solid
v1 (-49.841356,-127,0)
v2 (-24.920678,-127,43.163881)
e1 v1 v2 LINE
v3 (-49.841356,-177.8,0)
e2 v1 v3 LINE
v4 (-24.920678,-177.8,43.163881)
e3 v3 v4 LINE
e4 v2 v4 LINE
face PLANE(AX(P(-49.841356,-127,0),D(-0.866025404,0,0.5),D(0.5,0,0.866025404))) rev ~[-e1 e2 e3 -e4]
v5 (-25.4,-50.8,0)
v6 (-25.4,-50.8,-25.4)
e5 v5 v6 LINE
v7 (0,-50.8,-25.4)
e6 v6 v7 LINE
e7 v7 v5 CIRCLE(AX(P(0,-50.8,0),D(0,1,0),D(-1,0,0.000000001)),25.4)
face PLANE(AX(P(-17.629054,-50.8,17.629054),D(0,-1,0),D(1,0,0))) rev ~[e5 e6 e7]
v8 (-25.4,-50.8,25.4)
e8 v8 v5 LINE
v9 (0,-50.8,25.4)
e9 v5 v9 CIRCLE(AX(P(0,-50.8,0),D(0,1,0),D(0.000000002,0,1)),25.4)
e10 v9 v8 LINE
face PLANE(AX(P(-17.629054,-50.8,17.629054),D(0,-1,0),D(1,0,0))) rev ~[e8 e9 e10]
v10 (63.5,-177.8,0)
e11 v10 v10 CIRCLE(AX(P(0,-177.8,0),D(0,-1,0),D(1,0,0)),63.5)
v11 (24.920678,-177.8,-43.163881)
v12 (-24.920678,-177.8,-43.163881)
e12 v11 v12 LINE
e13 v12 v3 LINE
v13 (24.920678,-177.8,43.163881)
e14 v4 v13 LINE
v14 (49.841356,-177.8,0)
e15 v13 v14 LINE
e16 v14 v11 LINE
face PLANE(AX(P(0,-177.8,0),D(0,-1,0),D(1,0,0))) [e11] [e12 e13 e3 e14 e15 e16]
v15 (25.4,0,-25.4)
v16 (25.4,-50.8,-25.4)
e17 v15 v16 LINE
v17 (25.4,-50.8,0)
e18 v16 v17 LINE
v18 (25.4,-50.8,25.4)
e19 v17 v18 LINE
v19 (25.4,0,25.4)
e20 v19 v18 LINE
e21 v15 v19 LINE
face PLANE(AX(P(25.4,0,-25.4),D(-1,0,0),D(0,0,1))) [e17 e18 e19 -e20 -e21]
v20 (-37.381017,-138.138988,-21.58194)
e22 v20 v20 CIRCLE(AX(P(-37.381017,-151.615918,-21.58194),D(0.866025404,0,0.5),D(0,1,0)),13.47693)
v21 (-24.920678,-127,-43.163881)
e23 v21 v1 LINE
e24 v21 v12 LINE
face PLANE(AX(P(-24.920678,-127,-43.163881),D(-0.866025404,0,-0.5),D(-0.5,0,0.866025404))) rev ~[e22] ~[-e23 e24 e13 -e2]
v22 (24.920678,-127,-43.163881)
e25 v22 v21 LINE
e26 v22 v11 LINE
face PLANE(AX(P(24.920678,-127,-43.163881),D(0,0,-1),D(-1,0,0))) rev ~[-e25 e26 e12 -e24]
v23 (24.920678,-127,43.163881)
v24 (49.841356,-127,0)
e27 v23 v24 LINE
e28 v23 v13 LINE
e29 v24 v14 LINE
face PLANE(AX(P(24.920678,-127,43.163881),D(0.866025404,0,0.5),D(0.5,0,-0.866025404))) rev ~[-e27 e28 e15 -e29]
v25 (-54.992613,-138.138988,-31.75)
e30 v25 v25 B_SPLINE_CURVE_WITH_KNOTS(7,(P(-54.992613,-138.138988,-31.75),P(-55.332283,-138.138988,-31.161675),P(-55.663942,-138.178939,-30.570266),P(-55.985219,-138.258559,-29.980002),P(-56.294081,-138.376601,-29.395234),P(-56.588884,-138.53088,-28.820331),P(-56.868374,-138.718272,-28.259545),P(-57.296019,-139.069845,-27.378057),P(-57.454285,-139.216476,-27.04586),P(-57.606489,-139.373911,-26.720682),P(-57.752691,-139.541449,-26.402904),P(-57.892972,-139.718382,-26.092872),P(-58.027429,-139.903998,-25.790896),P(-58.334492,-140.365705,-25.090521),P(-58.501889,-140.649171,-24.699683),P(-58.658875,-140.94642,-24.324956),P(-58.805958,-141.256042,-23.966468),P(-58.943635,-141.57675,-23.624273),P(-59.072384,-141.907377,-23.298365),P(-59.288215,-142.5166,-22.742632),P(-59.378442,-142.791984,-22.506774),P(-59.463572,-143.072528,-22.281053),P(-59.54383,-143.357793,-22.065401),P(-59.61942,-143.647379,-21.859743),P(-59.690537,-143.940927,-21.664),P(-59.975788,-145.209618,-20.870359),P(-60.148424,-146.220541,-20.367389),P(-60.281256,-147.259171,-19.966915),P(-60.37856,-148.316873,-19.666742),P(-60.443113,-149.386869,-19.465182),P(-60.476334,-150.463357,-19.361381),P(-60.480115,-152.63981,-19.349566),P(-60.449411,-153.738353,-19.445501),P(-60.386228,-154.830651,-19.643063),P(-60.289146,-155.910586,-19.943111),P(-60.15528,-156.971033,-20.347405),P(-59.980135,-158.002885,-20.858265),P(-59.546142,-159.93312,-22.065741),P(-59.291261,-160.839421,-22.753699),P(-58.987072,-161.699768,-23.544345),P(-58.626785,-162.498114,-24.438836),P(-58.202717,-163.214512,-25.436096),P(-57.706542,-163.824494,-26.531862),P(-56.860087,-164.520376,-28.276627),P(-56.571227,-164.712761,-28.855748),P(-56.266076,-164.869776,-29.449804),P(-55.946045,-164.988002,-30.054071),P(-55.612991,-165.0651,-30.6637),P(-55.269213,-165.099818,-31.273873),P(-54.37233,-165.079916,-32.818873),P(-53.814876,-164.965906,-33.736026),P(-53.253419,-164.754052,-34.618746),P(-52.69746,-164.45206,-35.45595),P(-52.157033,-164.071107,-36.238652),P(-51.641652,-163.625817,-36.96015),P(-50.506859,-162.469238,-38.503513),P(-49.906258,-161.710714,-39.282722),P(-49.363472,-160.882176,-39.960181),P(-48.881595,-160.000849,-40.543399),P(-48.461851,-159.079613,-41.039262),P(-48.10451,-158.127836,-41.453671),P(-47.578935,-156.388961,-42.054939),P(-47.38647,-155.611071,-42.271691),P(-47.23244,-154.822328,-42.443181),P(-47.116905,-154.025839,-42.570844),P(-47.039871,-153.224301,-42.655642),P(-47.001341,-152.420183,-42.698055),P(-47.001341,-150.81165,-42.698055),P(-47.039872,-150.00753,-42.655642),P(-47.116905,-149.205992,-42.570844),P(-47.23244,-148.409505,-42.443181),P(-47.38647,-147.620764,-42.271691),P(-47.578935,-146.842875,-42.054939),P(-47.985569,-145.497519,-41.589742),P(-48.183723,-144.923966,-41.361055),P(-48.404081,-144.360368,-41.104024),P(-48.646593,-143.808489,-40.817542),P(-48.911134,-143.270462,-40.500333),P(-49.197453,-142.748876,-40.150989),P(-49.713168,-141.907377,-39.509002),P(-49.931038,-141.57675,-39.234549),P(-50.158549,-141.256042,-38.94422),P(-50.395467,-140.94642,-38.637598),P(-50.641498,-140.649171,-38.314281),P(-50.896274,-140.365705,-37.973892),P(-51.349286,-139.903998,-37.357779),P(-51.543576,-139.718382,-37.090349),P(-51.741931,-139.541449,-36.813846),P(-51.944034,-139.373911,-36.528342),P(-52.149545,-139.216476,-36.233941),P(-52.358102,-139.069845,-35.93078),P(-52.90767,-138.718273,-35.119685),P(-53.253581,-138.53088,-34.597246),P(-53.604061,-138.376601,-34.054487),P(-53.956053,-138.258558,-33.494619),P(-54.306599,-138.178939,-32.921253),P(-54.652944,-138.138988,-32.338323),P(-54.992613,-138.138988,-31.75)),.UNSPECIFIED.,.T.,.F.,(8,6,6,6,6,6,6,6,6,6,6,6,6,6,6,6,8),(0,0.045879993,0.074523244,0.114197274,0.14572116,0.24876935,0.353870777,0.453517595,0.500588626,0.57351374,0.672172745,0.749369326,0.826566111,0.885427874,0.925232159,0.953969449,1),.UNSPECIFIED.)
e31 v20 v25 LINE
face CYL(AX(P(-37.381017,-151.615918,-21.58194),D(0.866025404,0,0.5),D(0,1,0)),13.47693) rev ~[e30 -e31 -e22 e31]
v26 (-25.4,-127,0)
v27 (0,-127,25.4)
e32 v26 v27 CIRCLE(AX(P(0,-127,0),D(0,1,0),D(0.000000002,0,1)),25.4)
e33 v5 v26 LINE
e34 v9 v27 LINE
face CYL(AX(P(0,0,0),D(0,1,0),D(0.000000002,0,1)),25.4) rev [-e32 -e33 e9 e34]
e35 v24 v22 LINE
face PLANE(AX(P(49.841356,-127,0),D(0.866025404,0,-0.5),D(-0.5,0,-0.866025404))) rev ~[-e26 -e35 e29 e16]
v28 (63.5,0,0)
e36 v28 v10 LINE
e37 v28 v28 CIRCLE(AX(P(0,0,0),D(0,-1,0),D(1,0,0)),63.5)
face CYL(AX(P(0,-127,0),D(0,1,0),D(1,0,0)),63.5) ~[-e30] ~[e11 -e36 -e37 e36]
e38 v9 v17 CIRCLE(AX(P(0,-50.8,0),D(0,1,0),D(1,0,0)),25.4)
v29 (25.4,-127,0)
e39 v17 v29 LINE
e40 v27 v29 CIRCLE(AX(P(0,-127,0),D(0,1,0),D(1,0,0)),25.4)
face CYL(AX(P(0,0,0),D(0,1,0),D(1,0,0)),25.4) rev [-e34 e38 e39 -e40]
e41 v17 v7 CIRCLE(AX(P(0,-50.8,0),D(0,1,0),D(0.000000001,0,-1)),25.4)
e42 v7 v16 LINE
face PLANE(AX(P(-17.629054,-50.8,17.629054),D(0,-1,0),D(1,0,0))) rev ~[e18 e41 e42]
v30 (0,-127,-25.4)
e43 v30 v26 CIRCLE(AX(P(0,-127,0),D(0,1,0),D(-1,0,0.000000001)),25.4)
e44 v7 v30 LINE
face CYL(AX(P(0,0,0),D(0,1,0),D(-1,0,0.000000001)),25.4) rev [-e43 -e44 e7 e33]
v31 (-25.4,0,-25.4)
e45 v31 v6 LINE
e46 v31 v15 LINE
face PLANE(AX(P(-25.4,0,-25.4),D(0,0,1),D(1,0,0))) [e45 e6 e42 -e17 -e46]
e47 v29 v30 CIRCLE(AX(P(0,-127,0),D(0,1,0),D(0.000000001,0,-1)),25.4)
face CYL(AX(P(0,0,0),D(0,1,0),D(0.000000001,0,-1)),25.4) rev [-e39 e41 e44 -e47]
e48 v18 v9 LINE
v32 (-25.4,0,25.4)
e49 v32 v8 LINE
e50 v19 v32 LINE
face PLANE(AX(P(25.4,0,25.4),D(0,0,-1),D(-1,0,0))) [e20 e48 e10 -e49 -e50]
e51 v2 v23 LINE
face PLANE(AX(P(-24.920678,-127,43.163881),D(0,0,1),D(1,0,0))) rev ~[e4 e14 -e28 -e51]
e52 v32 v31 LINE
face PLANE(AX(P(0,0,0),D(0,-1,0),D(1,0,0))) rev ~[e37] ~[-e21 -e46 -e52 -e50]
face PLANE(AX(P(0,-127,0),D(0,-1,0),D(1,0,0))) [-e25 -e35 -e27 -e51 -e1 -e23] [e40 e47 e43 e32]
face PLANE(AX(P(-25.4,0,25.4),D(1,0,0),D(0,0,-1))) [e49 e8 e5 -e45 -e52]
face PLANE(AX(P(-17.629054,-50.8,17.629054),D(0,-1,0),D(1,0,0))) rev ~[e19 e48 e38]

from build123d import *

# Parameters (mm, degrees)
F0_R     = 63.5
F1_DEPTH = 127
F3_DEPTH = 127.001
F4_DEPTH = 50.8
F5_R     = 63.5
F6_DEPTH = 50.8
F7_R     = 13.4769297295
F8_DEPTH = 43.5797324345


with BuildPart() as f1:
    # F0 (on Front) → F1 (new body)
    with BuildSketch(Plane.XZ):
        Circle(F0_R)
    extrude(amount=F1_DEPTH)

    # F2 (on Front) → F3 (cut, through all)
    with BuildSketch(Plane.XZ):
        with BuildLine():
            ThreePointArc((25.4, 0), (17.9605122594, 17.9605122249), (4.89e-08, 25.4))
            ThreePointArc((4.89e-08, 25.4), (-17.9605122127, 17.9605122716), (-25.4, 3.44e-08))
            ThreePointArc((-25.4, 3.44e-08), (-17.9605122437, -17.9605122406), (3.01e-08, -25.4))
            ThreePointArc((3.01e-08, -25.4), (17.9605122528, -17.9605122315), (25.4, 0))
        make_face()
    extrude(amount=F3_DEPTH, mode=Mode.SUBTRACT)

    # F2 (on Front) → F4 (cut)
    with BuildSketch(Plane.XZ):
        with BuildLine():
            Line((4.89e-08, 25.4), (-25.4, 25.4))
            Line((-25.4, 25.4), (-25.4, 3.44e-08))
            ThreePointArc((-25.4, 3.44e-08), (-17.9605122127, 17.9605122716), (4.89e-08, 25.4))
        make_face()
        with BuildLine():
            Line((25.4, 25.4), (4.89e-08, 25.4))
            ThreePointArc((4.89e-08, 25.4), (17.9605122594, 17.9605122249), (25.4, 0))
            Line((25.4, 0), (25.4, 25.4))
        make_face()
        with BuildLine():
            ThreePointArc((25.4, 0), (17.9605122594, 17.9605122249), (4.89e-08, 25.4))
            ThreePointArc((4.89e-08, 25.4), (-17.9605122127, 17.9605122716), (-25.4, 3.44e-08))
            ThreePointArc((-25.4, 3.44e-08), (-17.9605122437, -17.9605122406), (3.01e-08, -25.4))
            ThreePointArc((3.01e-08, -25.4), (17.9605122528, -17.9605122315), (25.4, 0))
        make_face()
        with BuildLine():
            ThreePointArc((3.01e-08, -25.4), (-17.9605122437, -17.9605122406), (-25.4, 3.44e-08))
            Line((-25.4, 3.44e-08), (-25.4, -25.4))
            Line((-25.4, -25.4), (3.01e-08, -25.4))
        make_face()
        with BuildLine():
            Line((25.4, -25.4), (25.4, 0))
            ThreePointArc((25.4, 0), (17.9605122528, -17.9605122315), (3.01e-08, -25.4))
            Line((3.01e-08, -25.4), (25.4, -25.4))
        make_face()
    extrude(amount=F4_DEPTH, mode=Mode.SUBTRACT)

    # F5 (on face) → F6 (join)
    with BuildSketch(Plane.XZ.offset(127)):
        Circle(F5_R)
        Polygon((-49.8413562896, 0), (-24.9206781448, 43.1638807058), (24.9206781448, 43.1638807058), (49.8413562896, 0), (24.9206781448, -43.1638807058), (-24.9206781448, -43.1638807058), align=None, mode=Mode.SUBTRACT)
    extrude(amount=F6_DEPTH)

    # F7 (on face) → F8 (cut, through all)
    with BuildSketch(Plane(origin=(-37.3810172172, 0, -21.5819403529), x_dir=(0, 1, 0), z_dir=(0.8660254038, 0, 0.5))):
        with Locations((-151.6159176826, 0)):
            Circle(F7_R)
    extrude(amount=-F8_DEPTH, mode=Mode.SUBTRACT)


solid = f1.part
